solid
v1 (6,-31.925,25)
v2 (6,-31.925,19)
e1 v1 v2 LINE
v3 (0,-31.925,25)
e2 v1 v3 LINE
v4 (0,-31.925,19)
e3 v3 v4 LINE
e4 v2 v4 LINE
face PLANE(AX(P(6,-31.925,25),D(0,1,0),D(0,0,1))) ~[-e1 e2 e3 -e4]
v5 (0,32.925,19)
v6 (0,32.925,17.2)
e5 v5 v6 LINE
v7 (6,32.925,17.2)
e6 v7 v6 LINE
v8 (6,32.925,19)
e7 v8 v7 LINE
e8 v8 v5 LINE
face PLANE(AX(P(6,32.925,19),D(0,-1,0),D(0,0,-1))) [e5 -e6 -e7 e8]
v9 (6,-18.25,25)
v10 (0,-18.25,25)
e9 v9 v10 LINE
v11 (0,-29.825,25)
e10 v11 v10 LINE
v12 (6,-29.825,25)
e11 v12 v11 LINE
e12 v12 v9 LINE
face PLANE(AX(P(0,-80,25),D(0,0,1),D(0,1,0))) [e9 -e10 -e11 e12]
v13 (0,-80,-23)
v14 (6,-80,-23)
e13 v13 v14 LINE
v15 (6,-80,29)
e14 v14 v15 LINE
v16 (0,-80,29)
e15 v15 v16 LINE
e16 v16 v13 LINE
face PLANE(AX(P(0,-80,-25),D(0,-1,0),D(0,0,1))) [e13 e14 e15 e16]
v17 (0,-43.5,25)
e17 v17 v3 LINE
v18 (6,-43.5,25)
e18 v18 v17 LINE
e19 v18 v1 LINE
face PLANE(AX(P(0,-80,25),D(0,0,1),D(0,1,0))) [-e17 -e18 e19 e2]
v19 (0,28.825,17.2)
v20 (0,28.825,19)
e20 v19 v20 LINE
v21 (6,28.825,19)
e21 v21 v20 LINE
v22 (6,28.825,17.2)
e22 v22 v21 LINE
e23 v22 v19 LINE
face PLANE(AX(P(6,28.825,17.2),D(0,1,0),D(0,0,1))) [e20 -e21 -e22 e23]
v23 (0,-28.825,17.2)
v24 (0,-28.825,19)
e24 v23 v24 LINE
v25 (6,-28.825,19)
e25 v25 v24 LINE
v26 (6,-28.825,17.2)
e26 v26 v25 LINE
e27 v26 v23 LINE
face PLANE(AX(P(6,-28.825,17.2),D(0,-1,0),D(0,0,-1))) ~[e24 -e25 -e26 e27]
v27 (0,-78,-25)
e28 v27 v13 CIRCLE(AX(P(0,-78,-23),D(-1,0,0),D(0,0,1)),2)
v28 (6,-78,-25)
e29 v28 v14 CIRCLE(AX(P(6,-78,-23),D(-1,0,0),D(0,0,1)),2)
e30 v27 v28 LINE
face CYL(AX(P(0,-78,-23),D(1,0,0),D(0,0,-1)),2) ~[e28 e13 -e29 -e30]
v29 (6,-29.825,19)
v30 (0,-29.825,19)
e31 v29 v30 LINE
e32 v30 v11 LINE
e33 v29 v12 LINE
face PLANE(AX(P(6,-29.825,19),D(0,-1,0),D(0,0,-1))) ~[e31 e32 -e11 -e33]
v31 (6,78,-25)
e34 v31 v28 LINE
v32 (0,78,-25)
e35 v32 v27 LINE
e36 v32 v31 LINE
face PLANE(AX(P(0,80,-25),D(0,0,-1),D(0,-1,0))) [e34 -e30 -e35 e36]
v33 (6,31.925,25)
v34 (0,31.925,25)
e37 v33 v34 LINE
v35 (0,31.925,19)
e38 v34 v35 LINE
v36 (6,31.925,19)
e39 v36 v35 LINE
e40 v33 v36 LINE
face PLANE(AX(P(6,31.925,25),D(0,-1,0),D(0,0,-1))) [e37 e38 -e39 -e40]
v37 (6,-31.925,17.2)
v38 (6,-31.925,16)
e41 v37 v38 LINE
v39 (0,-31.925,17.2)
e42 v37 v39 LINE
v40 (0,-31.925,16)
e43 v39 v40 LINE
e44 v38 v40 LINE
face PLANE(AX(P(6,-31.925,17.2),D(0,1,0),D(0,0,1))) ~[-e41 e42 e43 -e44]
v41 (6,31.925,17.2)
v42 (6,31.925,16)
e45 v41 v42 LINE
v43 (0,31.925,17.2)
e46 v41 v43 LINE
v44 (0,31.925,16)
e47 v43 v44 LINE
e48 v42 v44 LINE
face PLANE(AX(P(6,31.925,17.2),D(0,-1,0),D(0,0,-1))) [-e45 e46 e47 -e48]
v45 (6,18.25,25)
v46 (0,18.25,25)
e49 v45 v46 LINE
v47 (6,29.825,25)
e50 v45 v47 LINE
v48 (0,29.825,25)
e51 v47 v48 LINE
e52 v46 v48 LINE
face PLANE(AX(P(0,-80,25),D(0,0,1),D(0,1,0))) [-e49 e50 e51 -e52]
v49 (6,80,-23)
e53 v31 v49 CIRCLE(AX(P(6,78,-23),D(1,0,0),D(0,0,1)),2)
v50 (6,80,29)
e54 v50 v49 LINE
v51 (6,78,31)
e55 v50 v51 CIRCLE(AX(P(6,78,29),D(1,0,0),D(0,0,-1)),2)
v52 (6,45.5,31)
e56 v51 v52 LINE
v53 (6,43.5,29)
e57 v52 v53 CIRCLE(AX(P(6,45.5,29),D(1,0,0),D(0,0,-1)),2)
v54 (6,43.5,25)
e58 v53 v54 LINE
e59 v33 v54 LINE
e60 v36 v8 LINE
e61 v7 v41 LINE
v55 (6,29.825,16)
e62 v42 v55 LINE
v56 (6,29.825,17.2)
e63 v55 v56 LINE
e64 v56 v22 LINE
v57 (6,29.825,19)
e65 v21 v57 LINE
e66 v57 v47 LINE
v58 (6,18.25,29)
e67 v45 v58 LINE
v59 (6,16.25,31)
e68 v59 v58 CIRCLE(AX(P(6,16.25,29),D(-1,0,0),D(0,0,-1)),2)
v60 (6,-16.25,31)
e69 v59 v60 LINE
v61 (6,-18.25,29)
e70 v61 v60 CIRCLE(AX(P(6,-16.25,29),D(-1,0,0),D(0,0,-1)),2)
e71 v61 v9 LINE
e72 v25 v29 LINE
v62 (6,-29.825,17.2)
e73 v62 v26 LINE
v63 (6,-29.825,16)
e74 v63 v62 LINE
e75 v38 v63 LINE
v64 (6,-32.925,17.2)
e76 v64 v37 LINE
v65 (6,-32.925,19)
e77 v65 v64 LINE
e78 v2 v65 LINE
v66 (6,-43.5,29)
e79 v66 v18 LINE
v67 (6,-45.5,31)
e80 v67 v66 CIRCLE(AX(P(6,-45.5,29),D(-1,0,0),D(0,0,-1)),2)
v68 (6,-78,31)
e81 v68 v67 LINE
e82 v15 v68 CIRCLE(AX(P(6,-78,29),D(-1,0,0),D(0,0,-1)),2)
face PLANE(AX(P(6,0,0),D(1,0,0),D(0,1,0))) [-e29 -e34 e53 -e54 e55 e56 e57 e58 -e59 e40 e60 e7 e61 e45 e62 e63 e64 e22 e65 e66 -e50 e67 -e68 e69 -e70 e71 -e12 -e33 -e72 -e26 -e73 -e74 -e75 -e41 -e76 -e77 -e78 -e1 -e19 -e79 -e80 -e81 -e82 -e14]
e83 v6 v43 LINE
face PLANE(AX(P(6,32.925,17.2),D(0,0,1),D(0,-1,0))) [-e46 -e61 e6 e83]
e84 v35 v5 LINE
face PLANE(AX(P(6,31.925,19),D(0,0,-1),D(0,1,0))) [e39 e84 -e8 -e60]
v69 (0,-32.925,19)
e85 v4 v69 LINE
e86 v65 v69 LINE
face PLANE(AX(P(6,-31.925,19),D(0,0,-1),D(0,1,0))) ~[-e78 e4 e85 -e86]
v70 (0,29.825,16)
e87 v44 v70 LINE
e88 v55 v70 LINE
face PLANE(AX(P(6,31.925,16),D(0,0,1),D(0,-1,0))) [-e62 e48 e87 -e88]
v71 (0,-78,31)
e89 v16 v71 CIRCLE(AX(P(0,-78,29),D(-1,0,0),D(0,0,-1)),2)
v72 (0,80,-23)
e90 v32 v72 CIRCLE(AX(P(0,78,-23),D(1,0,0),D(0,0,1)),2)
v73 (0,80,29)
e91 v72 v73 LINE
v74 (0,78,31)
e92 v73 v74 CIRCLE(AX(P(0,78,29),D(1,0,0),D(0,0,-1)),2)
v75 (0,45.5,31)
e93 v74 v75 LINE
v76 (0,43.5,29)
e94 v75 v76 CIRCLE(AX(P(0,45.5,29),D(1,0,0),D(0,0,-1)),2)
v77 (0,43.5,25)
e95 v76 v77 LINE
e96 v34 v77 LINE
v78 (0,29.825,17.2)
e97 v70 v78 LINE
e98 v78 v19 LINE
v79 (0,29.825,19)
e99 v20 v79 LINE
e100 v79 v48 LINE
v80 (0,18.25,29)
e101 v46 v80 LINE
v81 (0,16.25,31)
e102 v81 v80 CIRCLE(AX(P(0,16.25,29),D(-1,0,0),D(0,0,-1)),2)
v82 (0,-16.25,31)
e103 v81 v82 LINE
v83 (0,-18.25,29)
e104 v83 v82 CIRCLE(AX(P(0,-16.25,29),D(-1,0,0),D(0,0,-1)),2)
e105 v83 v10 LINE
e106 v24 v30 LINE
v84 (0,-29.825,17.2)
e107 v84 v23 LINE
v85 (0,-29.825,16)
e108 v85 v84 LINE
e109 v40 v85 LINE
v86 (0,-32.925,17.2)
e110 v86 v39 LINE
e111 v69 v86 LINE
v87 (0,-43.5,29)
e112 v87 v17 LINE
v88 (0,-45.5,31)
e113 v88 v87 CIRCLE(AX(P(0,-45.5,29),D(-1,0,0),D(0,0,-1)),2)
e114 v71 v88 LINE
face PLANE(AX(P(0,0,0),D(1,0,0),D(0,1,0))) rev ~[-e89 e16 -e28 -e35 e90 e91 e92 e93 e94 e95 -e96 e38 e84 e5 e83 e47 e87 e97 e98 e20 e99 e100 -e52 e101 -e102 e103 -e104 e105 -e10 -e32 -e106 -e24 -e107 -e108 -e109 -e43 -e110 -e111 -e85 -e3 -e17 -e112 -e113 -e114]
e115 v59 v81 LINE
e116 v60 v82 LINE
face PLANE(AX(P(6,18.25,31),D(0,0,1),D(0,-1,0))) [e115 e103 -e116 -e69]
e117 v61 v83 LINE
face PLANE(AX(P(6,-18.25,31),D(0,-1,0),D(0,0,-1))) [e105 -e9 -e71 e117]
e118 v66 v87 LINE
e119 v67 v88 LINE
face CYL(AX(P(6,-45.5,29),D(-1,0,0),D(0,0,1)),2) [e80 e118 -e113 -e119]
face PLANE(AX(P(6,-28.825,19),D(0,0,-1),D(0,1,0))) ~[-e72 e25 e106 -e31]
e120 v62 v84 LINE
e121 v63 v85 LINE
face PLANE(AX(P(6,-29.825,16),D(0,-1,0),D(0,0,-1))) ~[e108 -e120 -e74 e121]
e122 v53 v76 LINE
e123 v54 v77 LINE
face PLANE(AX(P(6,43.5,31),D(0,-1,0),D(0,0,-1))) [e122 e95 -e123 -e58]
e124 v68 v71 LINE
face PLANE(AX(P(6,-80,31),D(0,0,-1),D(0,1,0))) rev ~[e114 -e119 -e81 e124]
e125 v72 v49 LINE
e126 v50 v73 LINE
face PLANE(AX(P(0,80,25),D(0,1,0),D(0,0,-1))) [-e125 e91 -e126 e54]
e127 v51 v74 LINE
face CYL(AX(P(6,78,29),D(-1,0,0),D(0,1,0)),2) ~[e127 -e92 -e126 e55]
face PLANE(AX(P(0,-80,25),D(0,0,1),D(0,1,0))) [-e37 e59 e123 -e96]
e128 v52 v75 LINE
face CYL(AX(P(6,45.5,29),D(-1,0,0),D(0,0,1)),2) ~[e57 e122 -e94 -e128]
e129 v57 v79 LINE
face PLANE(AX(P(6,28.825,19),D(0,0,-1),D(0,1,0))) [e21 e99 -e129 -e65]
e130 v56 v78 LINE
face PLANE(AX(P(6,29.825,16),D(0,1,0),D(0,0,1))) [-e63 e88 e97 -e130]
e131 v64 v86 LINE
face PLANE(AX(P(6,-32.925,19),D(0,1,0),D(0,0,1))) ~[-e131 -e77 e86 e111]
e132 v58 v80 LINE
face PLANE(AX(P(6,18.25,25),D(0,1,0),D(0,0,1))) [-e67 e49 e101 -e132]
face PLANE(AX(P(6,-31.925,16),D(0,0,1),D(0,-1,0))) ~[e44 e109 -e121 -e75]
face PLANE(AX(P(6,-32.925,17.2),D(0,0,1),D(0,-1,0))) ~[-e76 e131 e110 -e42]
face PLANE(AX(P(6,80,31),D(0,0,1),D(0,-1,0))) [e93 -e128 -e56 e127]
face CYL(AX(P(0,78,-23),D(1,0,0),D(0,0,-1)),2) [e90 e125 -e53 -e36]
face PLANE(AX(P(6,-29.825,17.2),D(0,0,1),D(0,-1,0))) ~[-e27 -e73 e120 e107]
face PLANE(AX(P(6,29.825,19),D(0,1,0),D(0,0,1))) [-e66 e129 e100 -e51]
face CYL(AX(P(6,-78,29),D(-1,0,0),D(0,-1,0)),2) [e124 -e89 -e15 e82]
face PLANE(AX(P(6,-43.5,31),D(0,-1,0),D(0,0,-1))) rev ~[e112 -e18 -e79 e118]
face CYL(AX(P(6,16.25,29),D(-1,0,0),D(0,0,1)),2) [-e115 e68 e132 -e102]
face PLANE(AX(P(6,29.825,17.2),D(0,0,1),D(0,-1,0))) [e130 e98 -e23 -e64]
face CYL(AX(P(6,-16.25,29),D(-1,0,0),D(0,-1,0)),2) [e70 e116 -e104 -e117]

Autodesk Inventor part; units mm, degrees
ref_plane "YZ Plane" through (0, 0, 0) normal (1, 0, 0) x (0, 1, 0)
ref_plane "XZ Plane" through (0, 0, 0) normal (0, 1, 0) x (-1, 0, 0)
ref_plane "XY Plane" through (0, 0, 0) normal (0, 0, 1) x (1, 0, 0)
sketch "Sketch1" plane through (0, 0, 0) normal (1, 0, 0) x (0, 1, 0)
  line L0 (80, -25) -> (-80, -25)
  line L1 (-80, -25) -> (-80, 25)
  line L2 (-80, 25) -> (80, 25)
  line L3 (80, 25) -> (80, -25)
  line L4 (80, -25) -> (-80, 25) construction
  line L5 (-80, -25) -> (80, 25) construction
  point P0 (0, 0)
  dimension "d0" = 160
  dimension "d1" = 50
extrude "Extrusion1" add sketch "Sketch1" along normal blind 6
sketch "Sketch2" plane through (6, 0, 0) normal (1, 0, 0) x (0, 0, -1)
  line L0 (-25, 80) -> (-25, -80) projected
  line L1 (-25, 80) -> (-31, 80)
  line L2 (-31, 80) -> (-31, 43.5)
  line L3 (-31, 43.5) -> (-25, 43.5)
  line L4 (-25, 43.5) -> (-25, 80)
  line L5 (-25, 18.25) -> (-31, 18.25)
  line L6 (-31, 18.25) -> (-31, -18.25)
  line L7 (-31, -18.25) -> (-25, -18.25)
  line L8 (-25, -18.25) -> (-25, 18.25)
  line L9 (-25, -80) -> (-31, -80)
  line L10 (-31, -80) -> (-31, -43.5)
  line L11 (-31, -43.5) -> (-25, -43.5)
  line L12 (-25, -43.5) -> (-25, -80)
  point P0 (0, 0)
  dimension "d4" = 6
  dimension "d5" = 25.25
  dimension "d6" = 25.25
extrude "Extrusion2" add sketch "Sketch2" against normal blind 6
sketch "Sketch3" plane through (6, 0, 0) normal (1, 0, 0) x (0, 0, -1)
  line L0 (-25, 43.5) -> (-25, 18.25) projected
  line L1 (-31, -80) -> (25, -80) projected
  line L2 (-25, 30.875) -> (0, 30.875) construction
  line L3 (-25, 29.825) -> (-25, 31.925)
  line L4 (-25, 31.925) -> (-19, 31.925)
  line L5 (-19, 31.925) -> (-19, 32.925)
  line L6 (-19, 32.925) -> (-17.2, 32.925)
  line L7 (-17.2, 32.925) -> (-17.2, 31.925)
  line L8 (-17.2, 31.925) -> (-16, 31.925)
  line L9 (-16, 31.925) -> (-16, 29.825)
  line L10 (-16, 29.825) -> (-17.2, 29.825)
  line L11 (-17.2, 29.825) -> (-17.2, 28.825)
  line L12 (-17.2, 28.825) -> (-19, 28.825)
  line L13 (-19, 28.825) -> (-19, 29.825)
  line L14 (-19, 29.825) -> (-25, 29.825)
  point P0 (0, 0)
  dimension "d9" = 1.8
  dimension "d10" = 4.1
  dimension "d11" = 2.1
  dimension "d12" = 1.05
  dimension "d13" = 9
  dimension "d14" = 2.05
  dimension "d15" = 6
extrude "Extrusion3" cut sketch "Sketch3" against normal through all
mirror "Mirror1" about plane through (0, 0, 0) normal (0, 1, 0) of "Extrusion3"
fillet "Fillet1" radius 2 8 edges at (3, 43.5, 31) (3, 80, 31) (3, 18.25, 31) (3, -18.25, 31) (3, -43.5, 31) (3, -80, 31) (3, 80, -25) (3, -80, -25)
equation "\"d12\" = 0.5 * d11"
equation "\"d14\" = 0.5 * d10"
properties part number "InnerSide"
